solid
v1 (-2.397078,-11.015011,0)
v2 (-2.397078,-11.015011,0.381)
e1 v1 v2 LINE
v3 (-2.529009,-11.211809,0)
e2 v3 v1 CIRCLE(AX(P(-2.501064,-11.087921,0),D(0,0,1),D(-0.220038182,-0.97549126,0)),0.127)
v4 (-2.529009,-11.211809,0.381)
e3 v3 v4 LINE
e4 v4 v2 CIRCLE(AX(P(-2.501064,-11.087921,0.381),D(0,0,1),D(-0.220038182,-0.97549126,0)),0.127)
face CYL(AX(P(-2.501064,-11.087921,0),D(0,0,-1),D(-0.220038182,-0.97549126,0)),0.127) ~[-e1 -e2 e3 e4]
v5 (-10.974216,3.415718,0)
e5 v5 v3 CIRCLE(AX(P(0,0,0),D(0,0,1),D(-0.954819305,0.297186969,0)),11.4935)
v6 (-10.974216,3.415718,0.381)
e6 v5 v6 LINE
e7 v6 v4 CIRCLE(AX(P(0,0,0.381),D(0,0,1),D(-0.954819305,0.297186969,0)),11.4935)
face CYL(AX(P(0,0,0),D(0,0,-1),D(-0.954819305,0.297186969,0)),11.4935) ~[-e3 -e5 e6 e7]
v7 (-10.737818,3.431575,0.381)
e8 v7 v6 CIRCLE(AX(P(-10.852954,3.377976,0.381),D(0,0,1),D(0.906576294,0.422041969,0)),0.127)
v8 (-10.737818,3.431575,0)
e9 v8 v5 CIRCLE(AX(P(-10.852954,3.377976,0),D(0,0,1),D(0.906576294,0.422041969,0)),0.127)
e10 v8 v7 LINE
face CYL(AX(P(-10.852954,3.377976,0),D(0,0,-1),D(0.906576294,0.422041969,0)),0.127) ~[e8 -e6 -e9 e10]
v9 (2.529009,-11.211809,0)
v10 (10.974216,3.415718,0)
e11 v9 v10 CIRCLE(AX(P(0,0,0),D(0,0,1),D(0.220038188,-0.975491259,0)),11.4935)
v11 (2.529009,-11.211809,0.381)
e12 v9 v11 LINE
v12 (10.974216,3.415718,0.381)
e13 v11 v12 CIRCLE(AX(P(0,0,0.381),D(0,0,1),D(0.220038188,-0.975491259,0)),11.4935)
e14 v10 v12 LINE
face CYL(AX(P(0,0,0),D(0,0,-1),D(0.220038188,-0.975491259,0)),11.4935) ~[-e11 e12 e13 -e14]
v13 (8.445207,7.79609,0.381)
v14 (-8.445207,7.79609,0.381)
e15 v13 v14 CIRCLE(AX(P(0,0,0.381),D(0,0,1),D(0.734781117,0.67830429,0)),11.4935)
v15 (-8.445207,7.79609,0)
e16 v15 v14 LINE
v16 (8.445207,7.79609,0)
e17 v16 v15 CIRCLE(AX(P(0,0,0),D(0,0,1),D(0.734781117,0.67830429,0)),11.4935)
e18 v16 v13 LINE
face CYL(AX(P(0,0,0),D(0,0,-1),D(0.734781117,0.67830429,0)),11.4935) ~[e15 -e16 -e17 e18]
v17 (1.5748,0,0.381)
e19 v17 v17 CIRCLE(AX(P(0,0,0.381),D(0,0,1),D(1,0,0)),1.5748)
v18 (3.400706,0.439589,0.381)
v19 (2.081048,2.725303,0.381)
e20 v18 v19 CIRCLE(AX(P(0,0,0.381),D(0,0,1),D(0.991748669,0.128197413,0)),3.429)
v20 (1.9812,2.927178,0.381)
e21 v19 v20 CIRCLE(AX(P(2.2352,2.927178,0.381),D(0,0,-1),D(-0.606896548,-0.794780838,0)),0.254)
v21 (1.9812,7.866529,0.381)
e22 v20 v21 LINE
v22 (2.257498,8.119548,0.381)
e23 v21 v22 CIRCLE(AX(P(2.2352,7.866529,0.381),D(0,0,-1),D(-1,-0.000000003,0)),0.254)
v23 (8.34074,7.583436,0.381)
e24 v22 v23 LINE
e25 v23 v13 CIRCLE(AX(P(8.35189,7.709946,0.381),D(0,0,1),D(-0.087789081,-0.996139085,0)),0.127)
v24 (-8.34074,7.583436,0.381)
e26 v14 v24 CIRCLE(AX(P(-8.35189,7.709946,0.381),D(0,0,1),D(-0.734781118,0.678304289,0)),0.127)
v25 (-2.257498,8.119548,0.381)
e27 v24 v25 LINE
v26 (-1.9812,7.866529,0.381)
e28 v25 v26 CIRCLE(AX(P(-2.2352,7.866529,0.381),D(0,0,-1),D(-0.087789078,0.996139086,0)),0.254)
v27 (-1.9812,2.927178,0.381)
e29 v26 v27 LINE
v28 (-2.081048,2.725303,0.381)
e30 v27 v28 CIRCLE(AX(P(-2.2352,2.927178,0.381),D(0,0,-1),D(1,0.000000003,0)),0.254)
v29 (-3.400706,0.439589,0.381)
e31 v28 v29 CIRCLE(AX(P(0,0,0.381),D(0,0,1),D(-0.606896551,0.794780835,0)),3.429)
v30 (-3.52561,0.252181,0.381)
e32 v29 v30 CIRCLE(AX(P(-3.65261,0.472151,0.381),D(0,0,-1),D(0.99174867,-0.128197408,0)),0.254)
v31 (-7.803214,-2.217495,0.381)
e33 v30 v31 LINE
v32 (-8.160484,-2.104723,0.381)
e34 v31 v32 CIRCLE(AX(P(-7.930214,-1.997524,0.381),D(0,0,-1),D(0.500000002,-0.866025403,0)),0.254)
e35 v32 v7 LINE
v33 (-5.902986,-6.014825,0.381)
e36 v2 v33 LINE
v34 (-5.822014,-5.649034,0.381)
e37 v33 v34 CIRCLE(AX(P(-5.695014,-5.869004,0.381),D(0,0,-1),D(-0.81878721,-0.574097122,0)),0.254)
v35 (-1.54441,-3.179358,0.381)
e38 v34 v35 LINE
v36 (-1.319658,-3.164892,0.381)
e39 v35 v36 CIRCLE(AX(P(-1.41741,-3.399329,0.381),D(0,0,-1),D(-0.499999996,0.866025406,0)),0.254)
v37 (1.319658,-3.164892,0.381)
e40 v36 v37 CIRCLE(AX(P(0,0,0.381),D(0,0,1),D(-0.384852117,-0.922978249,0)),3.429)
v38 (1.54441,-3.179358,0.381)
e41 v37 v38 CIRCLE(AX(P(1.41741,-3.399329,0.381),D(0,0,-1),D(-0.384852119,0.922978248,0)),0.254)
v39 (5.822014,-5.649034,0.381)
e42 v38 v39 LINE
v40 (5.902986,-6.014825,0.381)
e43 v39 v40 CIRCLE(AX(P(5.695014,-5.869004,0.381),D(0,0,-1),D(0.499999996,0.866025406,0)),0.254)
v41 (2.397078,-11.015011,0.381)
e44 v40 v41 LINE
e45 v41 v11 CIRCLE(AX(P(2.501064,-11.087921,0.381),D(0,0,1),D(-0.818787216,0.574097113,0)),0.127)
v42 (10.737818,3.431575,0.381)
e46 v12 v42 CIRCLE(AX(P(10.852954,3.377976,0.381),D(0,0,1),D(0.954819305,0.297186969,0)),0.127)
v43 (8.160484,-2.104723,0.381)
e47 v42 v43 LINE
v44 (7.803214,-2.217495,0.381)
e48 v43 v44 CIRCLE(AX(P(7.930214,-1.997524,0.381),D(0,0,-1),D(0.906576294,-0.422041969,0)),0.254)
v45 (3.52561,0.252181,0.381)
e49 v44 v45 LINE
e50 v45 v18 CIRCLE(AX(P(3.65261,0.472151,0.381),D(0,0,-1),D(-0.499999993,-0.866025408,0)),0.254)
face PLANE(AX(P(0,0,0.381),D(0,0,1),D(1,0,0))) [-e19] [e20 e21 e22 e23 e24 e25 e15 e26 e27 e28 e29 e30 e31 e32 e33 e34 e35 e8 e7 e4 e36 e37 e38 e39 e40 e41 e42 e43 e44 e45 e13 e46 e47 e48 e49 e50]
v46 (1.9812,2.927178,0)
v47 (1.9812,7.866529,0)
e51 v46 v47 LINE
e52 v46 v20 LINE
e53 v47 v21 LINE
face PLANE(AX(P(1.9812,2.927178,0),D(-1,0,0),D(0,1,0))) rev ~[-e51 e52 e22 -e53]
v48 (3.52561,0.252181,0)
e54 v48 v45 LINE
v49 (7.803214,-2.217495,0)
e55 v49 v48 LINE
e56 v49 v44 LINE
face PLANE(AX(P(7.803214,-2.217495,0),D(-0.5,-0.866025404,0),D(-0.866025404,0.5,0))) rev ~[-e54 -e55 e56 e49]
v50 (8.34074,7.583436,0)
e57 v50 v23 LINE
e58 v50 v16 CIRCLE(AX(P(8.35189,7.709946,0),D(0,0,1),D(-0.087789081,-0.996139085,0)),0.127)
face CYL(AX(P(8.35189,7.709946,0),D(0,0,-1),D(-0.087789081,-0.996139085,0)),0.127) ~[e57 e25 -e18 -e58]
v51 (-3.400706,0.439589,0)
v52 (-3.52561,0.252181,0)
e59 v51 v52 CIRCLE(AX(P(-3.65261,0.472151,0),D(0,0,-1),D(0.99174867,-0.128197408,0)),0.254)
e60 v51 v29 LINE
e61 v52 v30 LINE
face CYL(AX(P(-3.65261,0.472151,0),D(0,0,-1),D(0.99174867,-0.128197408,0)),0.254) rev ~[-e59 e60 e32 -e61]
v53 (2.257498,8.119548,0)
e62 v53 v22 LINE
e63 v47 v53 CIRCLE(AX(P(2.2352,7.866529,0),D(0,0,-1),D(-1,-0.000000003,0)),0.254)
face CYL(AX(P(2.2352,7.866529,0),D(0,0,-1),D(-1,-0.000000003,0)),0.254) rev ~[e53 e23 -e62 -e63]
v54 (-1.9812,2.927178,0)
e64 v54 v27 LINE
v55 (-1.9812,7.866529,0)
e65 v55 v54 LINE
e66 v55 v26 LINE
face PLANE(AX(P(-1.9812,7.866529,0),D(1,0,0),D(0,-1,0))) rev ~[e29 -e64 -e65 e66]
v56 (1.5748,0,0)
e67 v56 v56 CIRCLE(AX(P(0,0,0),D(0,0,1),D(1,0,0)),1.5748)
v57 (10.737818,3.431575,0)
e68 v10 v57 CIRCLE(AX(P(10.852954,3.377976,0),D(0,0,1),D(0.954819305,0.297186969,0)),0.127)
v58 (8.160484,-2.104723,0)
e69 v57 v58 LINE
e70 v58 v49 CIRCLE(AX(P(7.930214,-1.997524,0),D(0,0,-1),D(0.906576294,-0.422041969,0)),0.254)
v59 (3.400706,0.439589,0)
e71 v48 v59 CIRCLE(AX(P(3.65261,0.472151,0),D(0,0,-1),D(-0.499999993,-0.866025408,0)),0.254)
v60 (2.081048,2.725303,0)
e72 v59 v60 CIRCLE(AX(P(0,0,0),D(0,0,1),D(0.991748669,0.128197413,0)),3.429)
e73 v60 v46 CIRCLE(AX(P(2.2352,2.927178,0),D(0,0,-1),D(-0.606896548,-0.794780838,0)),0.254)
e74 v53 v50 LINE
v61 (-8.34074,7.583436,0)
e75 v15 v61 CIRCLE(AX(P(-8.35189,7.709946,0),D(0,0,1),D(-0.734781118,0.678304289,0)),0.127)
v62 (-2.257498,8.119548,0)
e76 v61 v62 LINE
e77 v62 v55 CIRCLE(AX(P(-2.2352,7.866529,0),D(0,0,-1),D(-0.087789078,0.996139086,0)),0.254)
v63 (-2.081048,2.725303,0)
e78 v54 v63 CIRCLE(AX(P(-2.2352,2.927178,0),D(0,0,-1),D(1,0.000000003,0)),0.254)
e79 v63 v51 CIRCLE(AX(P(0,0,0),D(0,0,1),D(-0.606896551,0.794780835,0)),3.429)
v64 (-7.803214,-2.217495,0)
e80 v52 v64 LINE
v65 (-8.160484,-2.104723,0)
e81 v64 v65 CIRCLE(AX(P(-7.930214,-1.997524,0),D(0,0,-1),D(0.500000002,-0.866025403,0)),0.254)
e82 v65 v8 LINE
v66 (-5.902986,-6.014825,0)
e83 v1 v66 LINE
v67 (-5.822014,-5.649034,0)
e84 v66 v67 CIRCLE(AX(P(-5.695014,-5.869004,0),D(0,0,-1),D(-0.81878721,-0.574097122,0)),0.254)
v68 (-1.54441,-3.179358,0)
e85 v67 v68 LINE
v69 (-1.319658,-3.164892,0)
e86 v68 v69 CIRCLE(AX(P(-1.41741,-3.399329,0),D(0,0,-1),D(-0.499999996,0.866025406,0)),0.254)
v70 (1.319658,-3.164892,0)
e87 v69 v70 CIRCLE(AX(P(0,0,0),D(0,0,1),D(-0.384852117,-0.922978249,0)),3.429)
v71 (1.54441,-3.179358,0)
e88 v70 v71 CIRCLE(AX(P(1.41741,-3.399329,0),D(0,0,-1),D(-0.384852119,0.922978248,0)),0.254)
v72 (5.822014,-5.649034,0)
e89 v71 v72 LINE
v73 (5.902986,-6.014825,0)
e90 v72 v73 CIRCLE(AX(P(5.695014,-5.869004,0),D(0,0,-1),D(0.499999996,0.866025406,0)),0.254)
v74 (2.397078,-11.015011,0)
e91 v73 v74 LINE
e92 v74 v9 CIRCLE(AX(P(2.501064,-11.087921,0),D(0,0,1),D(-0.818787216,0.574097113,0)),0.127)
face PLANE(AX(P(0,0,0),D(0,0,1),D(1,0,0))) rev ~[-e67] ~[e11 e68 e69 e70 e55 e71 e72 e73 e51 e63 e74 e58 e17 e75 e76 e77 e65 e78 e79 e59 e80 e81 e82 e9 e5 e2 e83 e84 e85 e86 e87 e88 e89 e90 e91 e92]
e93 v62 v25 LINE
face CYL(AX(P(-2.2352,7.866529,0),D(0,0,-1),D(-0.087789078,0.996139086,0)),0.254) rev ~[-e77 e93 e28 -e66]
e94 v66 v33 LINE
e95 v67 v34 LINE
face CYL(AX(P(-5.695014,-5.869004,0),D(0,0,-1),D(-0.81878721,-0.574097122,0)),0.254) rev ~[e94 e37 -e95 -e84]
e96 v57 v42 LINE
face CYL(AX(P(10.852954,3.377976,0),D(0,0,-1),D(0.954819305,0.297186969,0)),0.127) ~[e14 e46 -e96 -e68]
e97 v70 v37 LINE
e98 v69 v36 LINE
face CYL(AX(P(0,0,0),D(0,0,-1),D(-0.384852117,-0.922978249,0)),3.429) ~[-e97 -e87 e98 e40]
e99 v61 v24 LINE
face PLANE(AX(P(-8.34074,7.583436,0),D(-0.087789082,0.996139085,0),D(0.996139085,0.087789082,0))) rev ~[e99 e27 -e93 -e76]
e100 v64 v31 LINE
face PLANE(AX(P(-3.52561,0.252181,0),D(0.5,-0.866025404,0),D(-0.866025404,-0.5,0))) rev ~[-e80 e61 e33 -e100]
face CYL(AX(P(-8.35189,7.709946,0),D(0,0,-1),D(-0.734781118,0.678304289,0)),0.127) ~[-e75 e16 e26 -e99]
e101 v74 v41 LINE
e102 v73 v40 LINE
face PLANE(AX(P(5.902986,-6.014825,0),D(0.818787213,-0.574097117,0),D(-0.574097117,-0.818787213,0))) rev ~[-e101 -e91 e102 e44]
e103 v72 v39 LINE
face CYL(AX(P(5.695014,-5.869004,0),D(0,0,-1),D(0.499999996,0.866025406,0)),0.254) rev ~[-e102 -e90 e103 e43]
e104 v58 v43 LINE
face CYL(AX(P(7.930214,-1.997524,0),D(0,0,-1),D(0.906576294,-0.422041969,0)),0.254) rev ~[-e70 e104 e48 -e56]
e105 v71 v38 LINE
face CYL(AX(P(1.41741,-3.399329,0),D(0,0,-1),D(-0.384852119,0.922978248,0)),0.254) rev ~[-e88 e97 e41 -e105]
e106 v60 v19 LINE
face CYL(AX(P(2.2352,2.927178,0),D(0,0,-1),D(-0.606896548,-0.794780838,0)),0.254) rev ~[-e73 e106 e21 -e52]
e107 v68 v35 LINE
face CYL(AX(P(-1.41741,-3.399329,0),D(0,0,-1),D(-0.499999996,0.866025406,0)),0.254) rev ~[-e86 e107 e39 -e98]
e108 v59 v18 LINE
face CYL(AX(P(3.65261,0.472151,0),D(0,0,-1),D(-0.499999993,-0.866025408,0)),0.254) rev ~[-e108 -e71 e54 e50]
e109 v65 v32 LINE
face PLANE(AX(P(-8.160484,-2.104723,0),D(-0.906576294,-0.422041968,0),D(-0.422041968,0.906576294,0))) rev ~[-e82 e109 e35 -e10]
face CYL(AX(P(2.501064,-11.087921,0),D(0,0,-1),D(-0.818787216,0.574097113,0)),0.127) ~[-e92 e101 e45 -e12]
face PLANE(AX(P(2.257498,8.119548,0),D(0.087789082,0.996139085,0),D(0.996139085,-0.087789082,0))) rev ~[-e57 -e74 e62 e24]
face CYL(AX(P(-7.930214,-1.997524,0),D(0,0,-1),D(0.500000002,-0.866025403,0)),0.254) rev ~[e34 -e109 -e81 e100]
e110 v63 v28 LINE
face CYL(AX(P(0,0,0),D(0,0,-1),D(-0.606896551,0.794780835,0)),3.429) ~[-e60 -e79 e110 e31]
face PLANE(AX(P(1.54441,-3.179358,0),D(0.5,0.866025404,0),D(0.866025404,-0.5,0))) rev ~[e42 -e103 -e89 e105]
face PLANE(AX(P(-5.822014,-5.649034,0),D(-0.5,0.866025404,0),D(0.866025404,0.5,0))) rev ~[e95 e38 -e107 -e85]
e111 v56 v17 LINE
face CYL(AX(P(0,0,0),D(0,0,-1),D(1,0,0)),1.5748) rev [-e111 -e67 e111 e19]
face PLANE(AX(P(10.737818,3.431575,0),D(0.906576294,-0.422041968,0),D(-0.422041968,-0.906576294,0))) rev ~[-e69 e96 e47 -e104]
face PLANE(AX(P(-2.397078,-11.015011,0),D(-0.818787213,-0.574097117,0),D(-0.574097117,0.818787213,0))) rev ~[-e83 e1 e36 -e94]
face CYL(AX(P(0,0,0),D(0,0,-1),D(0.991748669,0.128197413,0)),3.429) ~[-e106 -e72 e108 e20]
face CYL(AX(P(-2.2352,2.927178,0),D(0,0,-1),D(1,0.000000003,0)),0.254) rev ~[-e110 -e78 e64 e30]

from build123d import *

# Parameters (mm, degrees)
SKETCH1_R           = 1.5748
BOSS_EXTRUDE1_DEPTH = 0.381


with BuildPart() as part:
    # Sketch1 → Boss-Extrude1 (new body)
    with BuildSketch(Plane.XY):
        with BuildLine():
            Line((1.9812, 2.927177815), (1.9812, 7.866528823))
            ThreePointArc((1.9812, 7.866528823), (2.063659626, 8.053851807), (2.257498427, 8.119548151))
            Line((2.257498427, 8.119548151), (8.340740358, 7.583436046))
            ThreePointArc((8.340740358, 7.583436046), (8.465877984, 7.653948909), (8.445206773, 7.796090354))
            ThreePointArc((8.445206773, 7.796090354), (0, 11.4935), (-8.445206773, 7.796090354))
            ThreePointArc((-8.445206773, 7.796090354), (-8.465877984, 7.653948909), (-8.340740358, 7.583436046))
            Line((-8.340740358, 7.583436046), (-2.257498427, 8.119548151))
            ThreePointArc((-2.257498427, 8.119548151), (-2.063659626, 8.053851806), (-1.9812, 7.866528823))
            Line((-1.9812, 7.866528823), (-1.9812, 2.927177815))
            ThreePointArc((-1.9812, 2.927177815), (-2.007526398, 2.814569063), (-2.081048276, 2.725303483))
            ThreePointArc((-2.081048276, 2.725303483), (-2.96960111, 1.7145), (-3.400706187, 0.439588932))
            ThreePointArc((-3.400706187, 0.439588932), (-3.441251508, 0.331284328), (-3.525610349, 0.252180623))
            Line((-3.525610349, 0.252180623), (-7.8032138, -2.217494881))
            ThreePointArc((-7.8032138, -2.217494881), (-8.006670076, -2.239744242), (-8.160484179, -2.104723089))
            Line((-8.160484179, -2.104723089), (-10.737818442, 3.431575013))
            ThreePointArc((-10.737818442, 3.431575013), (-10.861453187, 3.504690945), (-10.974215684, 3.415718428))
            ThreePointArc((-10.974215684, 3.415718428), (-9.953662978, -5.74675), (-2.529008911, -11.211808783))
            ThreePointArc((-2.529008911, -11.211808783), (-2.395575203, -11.158639854), (-2.397078085, -11.015011059))
            Line((-2.397078085, -11.015011059), (-5.902985752, -6.014825062))
            ThreePointArc((-5.902985752, -6.014825062), (-5.94301045, -5.814107564), (-5.8220138, -5.649033941))
            Line((-5.8220138, -5.649033941), (-1.544410349, -3.179358437))
            ThreePointArc((-1.544410349, -3.179358437), (-1.43372511, -3.145853391), (-1.319657911, -3.164892415))
            ThreePointArc((-1.319657911, -3.164892415), (0, -3.429), (1.319657911, -3.164892415))
            ThreePointArc((1.319657911, -3.164892415), (1.43372511, -3.145853391), (1.544410349, -3.179358437))
            Line((1.544410349, -3.179358437), (5.8220138, -5.649033941))
            ThreePointArc((5.8220138, -5.649033941), (5.94301045, -5.814107564), (5.902985752, -6.014825062))
            Line((5.902985752, -6.014825062), (2.397078085, -11.015011059))
            ThreePointArc((2.397078085, -11.015011059), (2.395575203, -11.158639854), (2.529008911, -11.211808783))
            ThreePointArc((2.529008911, -11.211808783), (9.953662978, -5.74675), (10.974215684, 3.415718428))
            ThreePointArc((10.974215684, 3.415718428), (10.861453187, 3.504690945), (10.737818442, 3.431575013))
            Line((10.737818442, 3.431575013), (8.160484179, -2.104723089))
            ThreePointArc((8.160484179, -2.104723089), (8.006670076, -2.239744242), (7.8032138, -2.217494881))
            Line((7.8032138, -2.217494881), (3.525610349, 0.252180623))
            ThreePointArc((3.525610349, 0.252180623), (3.441251508, 0.331284328), (3.400706187, 0.439588932))
            ThreePointArc((3.400706187, 0.439588932), (2.96960111, 1.7145), (2.081048276, 2.725303483))
            ThreePointArc((2.081048276, 2.725303483), (2.007526398, 2.814569063), (1.9812, 2.927177815))
        make_face()
        Circle(SKETCH1_R, mode=Mode.SUBTRACT)
    extrude(amount=BOSS_EXTRUDE1_DEPTH)


solid = part.part
